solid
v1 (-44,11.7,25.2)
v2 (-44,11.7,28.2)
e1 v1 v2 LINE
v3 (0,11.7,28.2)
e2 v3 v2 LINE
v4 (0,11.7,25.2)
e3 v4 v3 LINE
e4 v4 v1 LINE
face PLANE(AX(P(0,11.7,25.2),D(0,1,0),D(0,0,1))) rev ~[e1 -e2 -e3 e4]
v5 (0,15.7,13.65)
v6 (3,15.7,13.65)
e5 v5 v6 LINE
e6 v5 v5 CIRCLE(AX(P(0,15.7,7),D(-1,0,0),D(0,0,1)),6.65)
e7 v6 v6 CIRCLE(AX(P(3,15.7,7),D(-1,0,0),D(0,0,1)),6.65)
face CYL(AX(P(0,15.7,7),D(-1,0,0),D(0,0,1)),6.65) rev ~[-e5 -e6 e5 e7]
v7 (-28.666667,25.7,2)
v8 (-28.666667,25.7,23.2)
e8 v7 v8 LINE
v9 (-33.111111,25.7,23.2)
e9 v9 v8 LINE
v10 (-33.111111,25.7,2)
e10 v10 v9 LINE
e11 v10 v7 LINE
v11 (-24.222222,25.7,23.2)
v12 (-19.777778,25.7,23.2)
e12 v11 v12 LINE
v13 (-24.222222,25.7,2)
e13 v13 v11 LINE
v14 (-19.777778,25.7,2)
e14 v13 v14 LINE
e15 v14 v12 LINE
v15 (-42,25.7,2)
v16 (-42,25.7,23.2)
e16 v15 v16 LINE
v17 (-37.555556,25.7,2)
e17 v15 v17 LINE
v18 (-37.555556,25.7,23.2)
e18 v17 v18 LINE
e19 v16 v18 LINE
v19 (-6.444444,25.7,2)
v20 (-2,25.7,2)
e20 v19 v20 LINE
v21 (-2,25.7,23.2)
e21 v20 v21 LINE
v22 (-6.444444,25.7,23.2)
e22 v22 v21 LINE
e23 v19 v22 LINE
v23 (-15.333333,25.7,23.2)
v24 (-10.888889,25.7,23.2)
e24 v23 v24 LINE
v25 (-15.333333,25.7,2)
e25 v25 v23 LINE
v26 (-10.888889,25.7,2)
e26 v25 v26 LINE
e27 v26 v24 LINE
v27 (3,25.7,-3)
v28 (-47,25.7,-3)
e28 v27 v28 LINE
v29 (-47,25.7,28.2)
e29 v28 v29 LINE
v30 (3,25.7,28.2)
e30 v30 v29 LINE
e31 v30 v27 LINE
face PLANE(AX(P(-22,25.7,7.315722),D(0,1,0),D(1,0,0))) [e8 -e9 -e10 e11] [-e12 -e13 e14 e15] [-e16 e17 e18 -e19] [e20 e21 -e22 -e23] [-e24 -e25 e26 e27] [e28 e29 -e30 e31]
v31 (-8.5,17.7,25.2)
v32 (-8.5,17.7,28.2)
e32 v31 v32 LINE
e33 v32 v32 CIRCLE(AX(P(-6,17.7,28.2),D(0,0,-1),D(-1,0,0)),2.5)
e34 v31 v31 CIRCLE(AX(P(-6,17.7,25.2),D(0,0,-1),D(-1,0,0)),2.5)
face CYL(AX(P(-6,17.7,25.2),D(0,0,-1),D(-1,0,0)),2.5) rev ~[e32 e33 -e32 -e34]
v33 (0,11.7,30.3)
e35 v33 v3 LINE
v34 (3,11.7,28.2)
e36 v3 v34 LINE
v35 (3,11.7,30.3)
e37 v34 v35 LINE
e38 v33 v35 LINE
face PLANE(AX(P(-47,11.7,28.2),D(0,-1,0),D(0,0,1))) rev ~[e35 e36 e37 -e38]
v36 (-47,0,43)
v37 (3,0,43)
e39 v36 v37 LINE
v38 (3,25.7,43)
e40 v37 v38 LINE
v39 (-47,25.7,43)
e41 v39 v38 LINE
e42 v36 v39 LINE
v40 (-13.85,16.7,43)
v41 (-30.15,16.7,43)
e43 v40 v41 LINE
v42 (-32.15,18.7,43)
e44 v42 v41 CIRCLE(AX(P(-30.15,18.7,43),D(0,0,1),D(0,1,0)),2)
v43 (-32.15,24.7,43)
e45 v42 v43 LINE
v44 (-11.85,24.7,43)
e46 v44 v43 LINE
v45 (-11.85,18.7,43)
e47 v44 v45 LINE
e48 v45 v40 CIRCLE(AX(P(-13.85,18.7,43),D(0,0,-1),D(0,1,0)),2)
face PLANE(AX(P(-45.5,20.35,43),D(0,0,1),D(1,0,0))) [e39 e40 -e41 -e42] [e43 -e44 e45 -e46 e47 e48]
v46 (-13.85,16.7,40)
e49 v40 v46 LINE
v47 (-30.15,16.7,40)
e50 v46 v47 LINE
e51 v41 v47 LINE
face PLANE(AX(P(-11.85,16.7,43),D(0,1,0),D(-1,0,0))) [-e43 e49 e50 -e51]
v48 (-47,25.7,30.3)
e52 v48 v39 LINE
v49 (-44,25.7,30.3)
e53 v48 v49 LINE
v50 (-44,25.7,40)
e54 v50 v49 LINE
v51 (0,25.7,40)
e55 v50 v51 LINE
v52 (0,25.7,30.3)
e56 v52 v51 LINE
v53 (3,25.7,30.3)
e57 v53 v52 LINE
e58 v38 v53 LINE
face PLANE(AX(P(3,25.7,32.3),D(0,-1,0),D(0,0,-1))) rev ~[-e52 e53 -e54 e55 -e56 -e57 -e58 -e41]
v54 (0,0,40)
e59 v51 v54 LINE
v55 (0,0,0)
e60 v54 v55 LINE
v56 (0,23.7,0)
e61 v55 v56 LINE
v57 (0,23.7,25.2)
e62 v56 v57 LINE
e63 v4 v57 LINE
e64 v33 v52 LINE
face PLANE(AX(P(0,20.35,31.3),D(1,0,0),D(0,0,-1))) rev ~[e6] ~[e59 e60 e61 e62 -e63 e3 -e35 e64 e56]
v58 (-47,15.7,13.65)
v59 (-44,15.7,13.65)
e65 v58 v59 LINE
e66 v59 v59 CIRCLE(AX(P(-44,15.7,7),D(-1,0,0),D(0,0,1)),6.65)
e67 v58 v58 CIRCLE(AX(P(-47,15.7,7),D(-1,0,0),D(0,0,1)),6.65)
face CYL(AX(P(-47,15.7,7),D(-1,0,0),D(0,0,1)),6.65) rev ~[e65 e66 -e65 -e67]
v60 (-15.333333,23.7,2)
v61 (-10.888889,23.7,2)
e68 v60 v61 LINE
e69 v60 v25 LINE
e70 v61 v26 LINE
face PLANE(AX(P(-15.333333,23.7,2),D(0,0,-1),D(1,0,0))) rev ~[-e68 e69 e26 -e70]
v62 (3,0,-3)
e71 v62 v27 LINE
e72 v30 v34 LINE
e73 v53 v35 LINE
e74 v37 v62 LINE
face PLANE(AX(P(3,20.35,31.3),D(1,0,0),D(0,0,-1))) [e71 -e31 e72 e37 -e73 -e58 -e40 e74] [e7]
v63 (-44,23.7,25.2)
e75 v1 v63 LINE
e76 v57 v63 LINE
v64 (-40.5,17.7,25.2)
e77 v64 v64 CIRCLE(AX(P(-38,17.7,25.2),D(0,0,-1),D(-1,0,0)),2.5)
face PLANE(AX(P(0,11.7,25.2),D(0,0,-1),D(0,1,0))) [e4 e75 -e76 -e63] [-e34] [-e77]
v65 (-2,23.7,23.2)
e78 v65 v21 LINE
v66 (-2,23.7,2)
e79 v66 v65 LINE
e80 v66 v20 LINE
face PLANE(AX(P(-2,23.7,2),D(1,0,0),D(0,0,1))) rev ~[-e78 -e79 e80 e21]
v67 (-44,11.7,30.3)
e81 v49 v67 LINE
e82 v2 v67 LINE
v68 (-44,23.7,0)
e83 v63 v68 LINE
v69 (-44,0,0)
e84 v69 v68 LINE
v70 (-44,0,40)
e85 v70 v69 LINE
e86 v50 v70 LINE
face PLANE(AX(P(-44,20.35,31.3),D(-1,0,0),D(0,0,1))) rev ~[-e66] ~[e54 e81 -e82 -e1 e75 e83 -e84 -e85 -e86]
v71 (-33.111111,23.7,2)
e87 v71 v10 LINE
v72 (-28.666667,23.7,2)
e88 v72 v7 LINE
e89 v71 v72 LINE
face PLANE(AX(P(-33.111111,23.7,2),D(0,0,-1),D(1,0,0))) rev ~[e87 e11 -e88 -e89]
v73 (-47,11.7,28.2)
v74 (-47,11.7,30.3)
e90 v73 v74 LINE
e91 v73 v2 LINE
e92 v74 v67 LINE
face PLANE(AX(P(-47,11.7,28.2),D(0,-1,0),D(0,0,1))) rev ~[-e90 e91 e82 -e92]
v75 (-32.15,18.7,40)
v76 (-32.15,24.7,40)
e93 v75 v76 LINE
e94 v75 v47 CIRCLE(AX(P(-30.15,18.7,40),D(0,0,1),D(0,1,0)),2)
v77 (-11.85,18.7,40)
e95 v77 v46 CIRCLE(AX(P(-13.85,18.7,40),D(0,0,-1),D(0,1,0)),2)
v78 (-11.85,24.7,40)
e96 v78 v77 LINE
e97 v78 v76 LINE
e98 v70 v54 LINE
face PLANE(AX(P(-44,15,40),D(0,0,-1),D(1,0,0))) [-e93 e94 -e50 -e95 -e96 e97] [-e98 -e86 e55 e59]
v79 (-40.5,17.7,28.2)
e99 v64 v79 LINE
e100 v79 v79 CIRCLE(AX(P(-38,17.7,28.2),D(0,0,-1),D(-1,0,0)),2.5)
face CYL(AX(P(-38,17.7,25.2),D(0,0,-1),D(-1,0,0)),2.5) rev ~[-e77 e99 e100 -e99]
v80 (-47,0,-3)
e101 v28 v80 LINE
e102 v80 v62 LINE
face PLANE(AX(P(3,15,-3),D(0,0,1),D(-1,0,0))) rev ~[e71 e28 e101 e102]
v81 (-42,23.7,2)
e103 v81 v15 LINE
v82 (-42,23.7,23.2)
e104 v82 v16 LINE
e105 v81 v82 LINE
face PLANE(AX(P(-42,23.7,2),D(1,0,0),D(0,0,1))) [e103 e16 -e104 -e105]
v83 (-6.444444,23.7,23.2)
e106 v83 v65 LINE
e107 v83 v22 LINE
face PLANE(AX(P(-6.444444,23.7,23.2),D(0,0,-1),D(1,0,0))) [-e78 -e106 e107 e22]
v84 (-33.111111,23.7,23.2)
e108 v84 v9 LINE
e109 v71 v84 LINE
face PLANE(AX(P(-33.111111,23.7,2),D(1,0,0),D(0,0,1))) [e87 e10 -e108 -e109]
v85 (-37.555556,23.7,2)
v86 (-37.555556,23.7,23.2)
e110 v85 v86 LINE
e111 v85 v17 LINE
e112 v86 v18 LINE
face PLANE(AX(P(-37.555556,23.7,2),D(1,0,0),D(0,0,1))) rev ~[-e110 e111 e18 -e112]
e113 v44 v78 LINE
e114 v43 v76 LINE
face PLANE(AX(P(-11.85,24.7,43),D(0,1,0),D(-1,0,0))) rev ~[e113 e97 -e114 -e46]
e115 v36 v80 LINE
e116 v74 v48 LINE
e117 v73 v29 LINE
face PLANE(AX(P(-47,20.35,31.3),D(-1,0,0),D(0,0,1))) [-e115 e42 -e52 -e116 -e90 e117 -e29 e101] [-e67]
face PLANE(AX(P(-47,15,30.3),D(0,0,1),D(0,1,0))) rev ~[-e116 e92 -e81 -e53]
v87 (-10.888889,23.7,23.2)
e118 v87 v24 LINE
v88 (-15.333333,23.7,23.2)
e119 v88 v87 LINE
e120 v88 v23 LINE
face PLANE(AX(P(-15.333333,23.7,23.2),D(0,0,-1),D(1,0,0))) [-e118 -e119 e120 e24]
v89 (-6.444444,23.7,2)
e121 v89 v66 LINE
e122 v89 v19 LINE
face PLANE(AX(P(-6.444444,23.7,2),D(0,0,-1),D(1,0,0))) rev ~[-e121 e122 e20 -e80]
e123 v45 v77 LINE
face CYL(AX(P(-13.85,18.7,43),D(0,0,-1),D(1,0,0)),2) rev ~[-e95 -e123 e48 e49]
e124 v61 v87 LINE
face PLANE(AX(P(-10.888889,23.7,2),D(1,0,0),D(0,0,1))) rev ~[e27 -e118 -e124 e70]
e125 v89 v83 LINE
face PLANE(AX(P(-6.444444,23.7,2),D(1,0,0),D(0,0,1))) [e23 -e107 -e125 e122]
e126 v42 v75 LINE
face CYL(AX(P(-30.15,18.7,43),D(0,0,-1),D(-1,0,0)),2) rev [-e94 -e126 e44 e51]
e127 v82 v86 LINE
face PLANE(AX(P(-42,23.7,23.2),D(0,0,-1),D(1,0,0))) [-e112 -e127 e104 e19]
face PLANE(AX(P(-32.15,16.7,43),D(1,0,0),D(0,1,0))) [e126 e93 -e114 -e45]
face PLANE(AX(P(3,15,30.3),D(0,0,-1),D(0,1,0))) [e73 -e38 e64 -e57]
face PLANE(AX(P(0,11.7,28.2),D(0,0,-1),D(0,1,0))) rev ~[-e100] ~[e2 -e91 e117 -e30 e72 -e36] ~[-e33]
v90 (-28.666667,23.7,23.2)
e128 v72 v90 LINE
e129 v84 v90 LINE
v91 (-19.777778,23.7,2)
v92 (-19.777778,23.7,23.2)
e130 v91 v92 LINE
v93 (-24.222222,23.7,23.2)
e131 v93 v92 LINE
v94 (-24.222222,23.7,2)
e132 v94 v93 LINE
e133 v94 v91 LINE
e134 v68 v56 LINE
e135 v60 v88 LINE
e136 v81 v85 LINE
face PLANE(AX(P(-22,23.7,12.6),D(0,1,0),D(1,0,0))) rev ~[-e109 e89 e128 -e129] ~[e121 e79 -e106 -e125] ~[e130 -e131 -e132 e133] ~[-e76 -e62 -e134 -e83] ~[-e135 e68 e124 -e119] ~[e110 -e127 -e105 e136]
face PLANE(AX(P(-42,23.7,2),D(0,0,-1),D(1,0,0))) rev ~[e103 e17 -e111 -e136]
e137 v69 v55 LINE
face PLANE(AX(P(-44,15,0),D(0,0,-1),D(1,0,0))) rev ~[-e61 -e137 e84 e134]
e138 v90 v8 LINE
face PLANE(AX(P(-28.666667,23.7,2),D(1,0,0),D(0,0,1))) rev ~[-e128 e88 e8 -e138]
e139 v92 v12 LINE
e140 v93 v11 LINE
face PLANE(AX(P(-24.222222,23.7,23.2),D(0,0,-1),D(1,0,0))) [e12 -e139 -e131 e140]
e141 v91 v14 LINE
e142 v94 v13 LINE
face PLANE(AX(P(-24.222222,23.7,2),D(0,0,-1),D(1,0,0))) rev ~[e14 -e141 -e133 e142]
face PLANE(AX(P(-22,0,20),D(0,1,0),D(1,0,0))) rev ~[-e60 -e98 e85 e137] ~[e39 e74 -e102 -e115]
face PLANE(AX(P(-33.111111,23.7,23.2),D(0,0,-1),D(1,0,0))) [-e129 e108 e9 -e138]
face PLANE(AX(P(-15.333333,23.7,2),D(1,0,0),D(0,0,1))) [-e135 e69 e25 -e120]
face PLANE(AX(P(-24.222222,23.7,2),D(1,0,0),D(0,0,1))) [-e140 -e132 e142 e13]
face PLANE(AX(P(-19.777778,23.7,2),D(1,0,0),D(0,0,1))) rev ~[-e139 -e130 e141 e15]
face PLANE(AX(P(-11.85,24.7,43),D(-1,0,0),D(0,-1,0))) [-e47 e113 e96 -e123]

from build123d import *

# Parameters (mm, degrees)
CROQUIS1_W              = 50
CROQUIS1_H              = 46
CROQUIS1_W_2            = 44
CROQUIS1_H_2            = 40
SALIENTE_EXTRUIR1_DEPTH = 15
CROQUIS4_W              = 44
CROQUIS4_H              = 3
SALIENTE_EXTRUIR3_DEPTH = 10.7
CORTAR_EXTRUIR1_REACH   = 72.608
CROQUIS7_W              = 3
CROQUIS7_H              = 10.7
SALIENTE_EXTRUIR4_DEPTH = 10.7
SALIENTE_EXTRUIR5_DEPTH = 10.7
CORTAR_EXTRUIR2_REACH   = 72.778
CROQUIS9_R              = 6.65
CORTAR_EXTRUIR3_REACH   = 70.691
CROQUIS10_R             = 6.65
CROQUIS11_W             = 50
CROQUIS11_H             = 31.2
SALIENTE_EXTRUIR6_DEPTH = 2
CROQUIS12_W             = 3
CROQUIS12_H             = 12
SALIENTE_EXTRUIR7_DEPTH = 44
CORTAR_EXTRUIR4_REACH   = 62.537
CROQUIS13_R             = 2.5
REDONDEO1_R             = 2
CROQUIS15_W             = 2
CROQUIS15_H             = 10.7
SALIENTE_EXTRUIR8_DEPTH = 3
CROQUIS16_W             = 2.1
CROQUIS16_H             = 3.3
CORTAR_EXTRUIR5_DEPTH   = 50
CROQUIS17_W             = 2
CROQUIS17_H             = 10.7
SALIENTE_EXTRUIR9_DEPTH = 3
CORTAR_EXTRUIR6_REACH   = 69.968
CROQUIS18_W             = 4.444444444
CROQUIS18_H             = 21.2


with BuildPart() as part:
    # Croquis1 → Saliente-Extruir1 (new body)
    with BuildSketch(Plane(origin=(0, 0, 0), x_dir=(1, 0, 0), z_dir=(0, 1, 0))):
        with Locations((-22, -20)):
            Rectangle(CROQUIS1_W, CROQUIS1_H)
        with Locations((-22, -20)):
            Rectangle(CROQUIS1_W_2, CROQUIS1_H_2, mode=Mode.SUBTRACT)
    extrude(amount=SALIENTE_EXTRUIR1_DEPTH)

    # Croquis4 → Saliente-Extruir3 (add)
    with BuildSketch(Plane(origin=(0, 15, 0), x_dir=(1, 0, 0), z_dir=(0, 1, 0))):
        with Locations((-22, -41.5)):
            Rectangle(CROQUIS4_W, CROQUIS4_H)
    extrude(amount=SALIENTE_EXTRUIR3_DEPTH)

    # Croquis6 → Cortar-Extruir1 (cut, up to next)
    with BuildSketch(Plane.XY.offset(43), mode=Mode.PRIVATE) as cortar_extruir1_sk1:
        Polygon((-22, 24.7), (-11.85, 24.7), (-11.85, 16.7), (-32.15, 16.7), (-32.15, 24.7), align=None)
    cortar_extruir1_tool1 = extrude(cortar_extruir1_sk1.sketch, amount=-CORTAR_EXTRUIR1_REACH, mode=Mode.PRIVATE) & part.part
    add(cortar_extruir1_tool1.solids().sort_by_distance((-22, 20.7, 43))[0], mode=Mode.SUBTRACT)

    # Croquis7 → Saliente-Extruir4 (add)
    with BuildSketch(Plane.XY.offset(43)):
        with Locations((-45.5, 20.35)):
            Rectangle(CROQUIS7_W, CROQUIS7_H)
        with Locations((1.5, 20.35)):
            Rectangle(CROQUIS7_W, CROQUIS7_H)
    extrude(amount=-SALIENTE_EXTRUIR4_DEPTH)

    # Croquis8 → Saliente-Extruir5 (add)
    with BuildSketch(Plane(origin=(0, 15, 0), x_dir=(1, 0, 0), z_dir=(0, 1, 0))):
        Polygon((-47, -28.2), (-44, -28.2), (-44, 0), (0, 0), (0, -28.2), (3, -28.2), (3, 3), (-47, 3), align=None)
    extrude(amount=SALIENTE_EXTRUIR5_DEPTH)

    # Croquis9 → Cortar-Extruir2 (cut, up to next)
    with BuildSketch(Plane.ZY.offset(47), mode=Mode.PRIVATE) as cortar_extruir2_sk1:
        with Locations((7, 15.7)):
            Circle(CROQUIS9_R)
    cortar_extruir2_tool1 = extrude(cortar_extruir2_sk1.sketch, amount=-CORTAR_EXTRUIR2_REACH, mode=Mode.PRIVATE) & part.part
    add(cortar_extruir2_tool1.solids().sort_by_distance((-47, 15.7, 7))[0], mode=Mode.SUBTRACT)

    # Croquis10 → Cortar-Extruir3 (cut, up to next)
    with BuildSketch(Plane.ZY, mode=Mode.PRIVATE) as cortar_extruir3_sk1:
        with Locations((7, 15.7)):
            Circle(CROQUIS10_R)
    cortar_extruir3_tool1 = extrude(cortar_extruir3_sk1.sketch, amount=-CORTAR_EXTRUIR3_REACH, mode=Mode.PRIVATE) & part.part
    add(cortar_extruir3_tool1.solids().sort_by_distance((0, 15.7, 7))[0], mode=Mode.SUBTRACT)

    # Croquis11 → Saliente-Extruir6 (add)
    with BuildSketch(Plane(origin=(0, 25.7, 0), x_dir=(1, 0, 0), z_dir=(0, 1, 0))):
        with Locations((-22, -12.6)):
            Rectangle(CROQUIS11_W, CROQUIS11_H)
    extrude(amount=-SALIENTE_EXTRUIR6_DEPTH)

    # Croquis12 → Saliente-Extruir7 (add)
    with BuildSketch(Plane.ZY):
        with Locations((26.7, 17.7)):
            Rectangle(CROQUIS12_W, CROQUIS12_H)
    extrude(amount=SALIENTE_EXTRUIR7_DEPTH)

    # Croquis13 → Cortar-Extruir4 (cut, up to next)
    with BuildSketch(Plane(origin=(0, 0, 25.2), x_dir=(-1, 0, 0), z_dir=(0, 0, -1)), mode=Mode.PRIVATE) as cortar_extruir4_sk1:
        with Locations((6, 17.7)):
            Circle(CROQUIS13_R)
    cortar_extruir4_tool1 = extrude(cortar_extruir4_sk1.sketch, amount=-CORTAR_EXTRUIR4_REACH, mode=Mode.PRIVATE) & part.part
    # Croquis13 → Cortar-Extruir4 (cut, up to next)
    with BuildSketch(Plane(origin=(0, 0, 25.2), x_dir=(-1, 0, 0), z_dir=(0, 0, -1)), mode=Mode.PRIVATE) as cortar_extruir4_sk2:
        with Locations((38, 17.7)):
            Circle(CROQUIS13_R)
    cortar_extruir4_tool2 = extrude(cortar_extruir4_sk2.sketch, amount=-CORTAR_EXTRUIR4_REACH, mode=Mode.PRIVATE) & part.part
    add(cortar_extruir4_tool1.solids().sort_by_distance((-6, 17.7, 25.2))[0], mode=Mode.SUBTRACT)
    add(cortar_extruir4_tool2.solids().sort_by_distance((-38, 17.7, 25.2))[0], mode=Mode.SUBTRACT)

    # Redondeo1
    redondeo1_edges = [part.edges().sort_by_distance(p)[0] for p in [
        (-11.85, 16.7, 41.5),
        (-32.15, 16.7, 41.5),
    ]]
    fillet(redondeo1_edges, radius=REDONDEO1_R)

    # Croquis15 → Saliente-Extruir8 (add)
    with BuildSketch(Plane.ZY.offset(47)):
        with Locations((31.3, 20.35)):
            Rectangle(CROQUIS15_W, CROQUIS15_H)
    extrude(amount=-SALIENTE_EXTRUIR8_DEPTH)

    # Croquis16 → Cortar-Extruir5 (cut)
    with BuildSketch(Plane.ZY.offset(47)):
        with Locations((29.25, 13.35)):
            Rectangle(CROQUIS16_W, CROQUIS16_H)
    extrude(amount=-CORTAR_EXTRUIR5_DEPTH, mode=Mode.SUBTRACT)

    # Croquis17 → Saliente-Extruir9 (add)
    with BuildSketch(Plane(origin=(3, 0, 0), x_dir=(0, 0, -1), z_dir=(1, 0, 0))):
        with Locations((-31.3, 20.35)):
            Rectangle(CROQUIS17_W, CROQUIS17_H)
    extrude(amount=-SALIENTE_EXTRUIR9_DEPTH)

    # Croquis18 → Cortar-Extruir6 (cut, up to next)
    with BuildSketch(Plane.XZ.offset(-23.7), mode=Mode.PRIVATE) as cortar_extruir6_sk1:
        with Locations((-39.777777778, 12.6)):
            Rectangle(CROQUIS18_W, CROQUIS18_H)
    cortar_extruir6_tool1 = extrude(cortar_extruir6_sk1.sketch, amount=-CORTAR_EXTRUIR6_REACH, mode=Mode.PRIVATE) & part.part
    # Croquis18 → Cortar-Extruir6 (cut, up to next)
    with BuildSketch(Plane.XZ.offset(-23.7), mode=Mode.PRIVATE) as cortar_extruir6_sk2:
        with Locations((-30.888888889, 12.6)):
            Rectangle(CROQUIS18_W, CROQUIS18_H)
    cortar_extruir6_tool2 = extrude(cortar_extruir6_sk2.sketch, amount=-CORTAR_EXTRUIR6_REACH, mode=Mode.PRIVATE) & part.part
    # Croquis18 → Cortar-Extruir6 (cut, up to next)
    with BuildSketch(Plane.XZ.offset(-23.7), mode=Mode.PRIVATE) as cortar_extruir6_sk3:
        with Locations((-22, 12.6)):
            Rectangle(CROQUIS18_W, CROQUIS18_H)
    cortar_extruir6_tool3 = extrude(cortar_extruir6_sk3.sketch, amount=-CORTAR_EXTRUIR6_REACH, mode=Mode.PRIVATE) & part.part
    # Croquis18 → Cortar-Extruir6 (cut, up to next)
    with BuildSketch(Plane.XZ.offset(-23.7), mode=Mode.PRIVATE) as cortar_extruir6_sk4:
        with Locations((-13.111111111, 12.6)):
            Rectangle(CROQUIS18_W, CROQUIS18_H)
    cortar_extruir6_tool4 = extrude(cortar_extruir6_sk4.sketch, amount=-CORTAR_EXTRUIR6_REACH, mode=Mode.PRIVATE) & part.part
    # Croquis18 → Cortar-Extruir6 (cut, up to next)
    with BuildSketch(Plane.XZ.offset(-23.7), mode=Mode.PRIVATE) as cortar_extruir6_sk5:
        with Locations((-4.222222222, 12.6)):
            Rectangle(CROQUIS18_W, CROQUIS18_H)
    cortar_extruir6_tool5 = extrude(cortar_extruir6_sk5.sketch, amount=-CORTAR_EXTRUIR6_REACH, mode=Mode.PRIVATE) & part.part
    add(cortar_extruir6_tool1.solids().sort_by_distance((-39.777778, 23.7, 12.6))[0], mode=Mode.SUBTRACT)
    add(cortar_extruir6_tool2.solids().sort_by_distance((-30.888889, 23.7, 12.6))[0], mode=Mode.SUBTRACT)
    add(cortar_extruir6_tool3.solids().sort_by_distance((-22, 23.7, 12.6))[0], mode=Mode.SUBTRACT)
    add(cortar_extruir6_tool4.solids().sort_by_distance((-13.111111, 23.7, 12.6))[0], mode=Mode.SUBTRACT)
    add(cortar_extruir6_tool5.solids().sort_by_distance((-4.222222, 23.7, 12.6))[0], mode=Mode.SUBTRACT)


solid = part.part
